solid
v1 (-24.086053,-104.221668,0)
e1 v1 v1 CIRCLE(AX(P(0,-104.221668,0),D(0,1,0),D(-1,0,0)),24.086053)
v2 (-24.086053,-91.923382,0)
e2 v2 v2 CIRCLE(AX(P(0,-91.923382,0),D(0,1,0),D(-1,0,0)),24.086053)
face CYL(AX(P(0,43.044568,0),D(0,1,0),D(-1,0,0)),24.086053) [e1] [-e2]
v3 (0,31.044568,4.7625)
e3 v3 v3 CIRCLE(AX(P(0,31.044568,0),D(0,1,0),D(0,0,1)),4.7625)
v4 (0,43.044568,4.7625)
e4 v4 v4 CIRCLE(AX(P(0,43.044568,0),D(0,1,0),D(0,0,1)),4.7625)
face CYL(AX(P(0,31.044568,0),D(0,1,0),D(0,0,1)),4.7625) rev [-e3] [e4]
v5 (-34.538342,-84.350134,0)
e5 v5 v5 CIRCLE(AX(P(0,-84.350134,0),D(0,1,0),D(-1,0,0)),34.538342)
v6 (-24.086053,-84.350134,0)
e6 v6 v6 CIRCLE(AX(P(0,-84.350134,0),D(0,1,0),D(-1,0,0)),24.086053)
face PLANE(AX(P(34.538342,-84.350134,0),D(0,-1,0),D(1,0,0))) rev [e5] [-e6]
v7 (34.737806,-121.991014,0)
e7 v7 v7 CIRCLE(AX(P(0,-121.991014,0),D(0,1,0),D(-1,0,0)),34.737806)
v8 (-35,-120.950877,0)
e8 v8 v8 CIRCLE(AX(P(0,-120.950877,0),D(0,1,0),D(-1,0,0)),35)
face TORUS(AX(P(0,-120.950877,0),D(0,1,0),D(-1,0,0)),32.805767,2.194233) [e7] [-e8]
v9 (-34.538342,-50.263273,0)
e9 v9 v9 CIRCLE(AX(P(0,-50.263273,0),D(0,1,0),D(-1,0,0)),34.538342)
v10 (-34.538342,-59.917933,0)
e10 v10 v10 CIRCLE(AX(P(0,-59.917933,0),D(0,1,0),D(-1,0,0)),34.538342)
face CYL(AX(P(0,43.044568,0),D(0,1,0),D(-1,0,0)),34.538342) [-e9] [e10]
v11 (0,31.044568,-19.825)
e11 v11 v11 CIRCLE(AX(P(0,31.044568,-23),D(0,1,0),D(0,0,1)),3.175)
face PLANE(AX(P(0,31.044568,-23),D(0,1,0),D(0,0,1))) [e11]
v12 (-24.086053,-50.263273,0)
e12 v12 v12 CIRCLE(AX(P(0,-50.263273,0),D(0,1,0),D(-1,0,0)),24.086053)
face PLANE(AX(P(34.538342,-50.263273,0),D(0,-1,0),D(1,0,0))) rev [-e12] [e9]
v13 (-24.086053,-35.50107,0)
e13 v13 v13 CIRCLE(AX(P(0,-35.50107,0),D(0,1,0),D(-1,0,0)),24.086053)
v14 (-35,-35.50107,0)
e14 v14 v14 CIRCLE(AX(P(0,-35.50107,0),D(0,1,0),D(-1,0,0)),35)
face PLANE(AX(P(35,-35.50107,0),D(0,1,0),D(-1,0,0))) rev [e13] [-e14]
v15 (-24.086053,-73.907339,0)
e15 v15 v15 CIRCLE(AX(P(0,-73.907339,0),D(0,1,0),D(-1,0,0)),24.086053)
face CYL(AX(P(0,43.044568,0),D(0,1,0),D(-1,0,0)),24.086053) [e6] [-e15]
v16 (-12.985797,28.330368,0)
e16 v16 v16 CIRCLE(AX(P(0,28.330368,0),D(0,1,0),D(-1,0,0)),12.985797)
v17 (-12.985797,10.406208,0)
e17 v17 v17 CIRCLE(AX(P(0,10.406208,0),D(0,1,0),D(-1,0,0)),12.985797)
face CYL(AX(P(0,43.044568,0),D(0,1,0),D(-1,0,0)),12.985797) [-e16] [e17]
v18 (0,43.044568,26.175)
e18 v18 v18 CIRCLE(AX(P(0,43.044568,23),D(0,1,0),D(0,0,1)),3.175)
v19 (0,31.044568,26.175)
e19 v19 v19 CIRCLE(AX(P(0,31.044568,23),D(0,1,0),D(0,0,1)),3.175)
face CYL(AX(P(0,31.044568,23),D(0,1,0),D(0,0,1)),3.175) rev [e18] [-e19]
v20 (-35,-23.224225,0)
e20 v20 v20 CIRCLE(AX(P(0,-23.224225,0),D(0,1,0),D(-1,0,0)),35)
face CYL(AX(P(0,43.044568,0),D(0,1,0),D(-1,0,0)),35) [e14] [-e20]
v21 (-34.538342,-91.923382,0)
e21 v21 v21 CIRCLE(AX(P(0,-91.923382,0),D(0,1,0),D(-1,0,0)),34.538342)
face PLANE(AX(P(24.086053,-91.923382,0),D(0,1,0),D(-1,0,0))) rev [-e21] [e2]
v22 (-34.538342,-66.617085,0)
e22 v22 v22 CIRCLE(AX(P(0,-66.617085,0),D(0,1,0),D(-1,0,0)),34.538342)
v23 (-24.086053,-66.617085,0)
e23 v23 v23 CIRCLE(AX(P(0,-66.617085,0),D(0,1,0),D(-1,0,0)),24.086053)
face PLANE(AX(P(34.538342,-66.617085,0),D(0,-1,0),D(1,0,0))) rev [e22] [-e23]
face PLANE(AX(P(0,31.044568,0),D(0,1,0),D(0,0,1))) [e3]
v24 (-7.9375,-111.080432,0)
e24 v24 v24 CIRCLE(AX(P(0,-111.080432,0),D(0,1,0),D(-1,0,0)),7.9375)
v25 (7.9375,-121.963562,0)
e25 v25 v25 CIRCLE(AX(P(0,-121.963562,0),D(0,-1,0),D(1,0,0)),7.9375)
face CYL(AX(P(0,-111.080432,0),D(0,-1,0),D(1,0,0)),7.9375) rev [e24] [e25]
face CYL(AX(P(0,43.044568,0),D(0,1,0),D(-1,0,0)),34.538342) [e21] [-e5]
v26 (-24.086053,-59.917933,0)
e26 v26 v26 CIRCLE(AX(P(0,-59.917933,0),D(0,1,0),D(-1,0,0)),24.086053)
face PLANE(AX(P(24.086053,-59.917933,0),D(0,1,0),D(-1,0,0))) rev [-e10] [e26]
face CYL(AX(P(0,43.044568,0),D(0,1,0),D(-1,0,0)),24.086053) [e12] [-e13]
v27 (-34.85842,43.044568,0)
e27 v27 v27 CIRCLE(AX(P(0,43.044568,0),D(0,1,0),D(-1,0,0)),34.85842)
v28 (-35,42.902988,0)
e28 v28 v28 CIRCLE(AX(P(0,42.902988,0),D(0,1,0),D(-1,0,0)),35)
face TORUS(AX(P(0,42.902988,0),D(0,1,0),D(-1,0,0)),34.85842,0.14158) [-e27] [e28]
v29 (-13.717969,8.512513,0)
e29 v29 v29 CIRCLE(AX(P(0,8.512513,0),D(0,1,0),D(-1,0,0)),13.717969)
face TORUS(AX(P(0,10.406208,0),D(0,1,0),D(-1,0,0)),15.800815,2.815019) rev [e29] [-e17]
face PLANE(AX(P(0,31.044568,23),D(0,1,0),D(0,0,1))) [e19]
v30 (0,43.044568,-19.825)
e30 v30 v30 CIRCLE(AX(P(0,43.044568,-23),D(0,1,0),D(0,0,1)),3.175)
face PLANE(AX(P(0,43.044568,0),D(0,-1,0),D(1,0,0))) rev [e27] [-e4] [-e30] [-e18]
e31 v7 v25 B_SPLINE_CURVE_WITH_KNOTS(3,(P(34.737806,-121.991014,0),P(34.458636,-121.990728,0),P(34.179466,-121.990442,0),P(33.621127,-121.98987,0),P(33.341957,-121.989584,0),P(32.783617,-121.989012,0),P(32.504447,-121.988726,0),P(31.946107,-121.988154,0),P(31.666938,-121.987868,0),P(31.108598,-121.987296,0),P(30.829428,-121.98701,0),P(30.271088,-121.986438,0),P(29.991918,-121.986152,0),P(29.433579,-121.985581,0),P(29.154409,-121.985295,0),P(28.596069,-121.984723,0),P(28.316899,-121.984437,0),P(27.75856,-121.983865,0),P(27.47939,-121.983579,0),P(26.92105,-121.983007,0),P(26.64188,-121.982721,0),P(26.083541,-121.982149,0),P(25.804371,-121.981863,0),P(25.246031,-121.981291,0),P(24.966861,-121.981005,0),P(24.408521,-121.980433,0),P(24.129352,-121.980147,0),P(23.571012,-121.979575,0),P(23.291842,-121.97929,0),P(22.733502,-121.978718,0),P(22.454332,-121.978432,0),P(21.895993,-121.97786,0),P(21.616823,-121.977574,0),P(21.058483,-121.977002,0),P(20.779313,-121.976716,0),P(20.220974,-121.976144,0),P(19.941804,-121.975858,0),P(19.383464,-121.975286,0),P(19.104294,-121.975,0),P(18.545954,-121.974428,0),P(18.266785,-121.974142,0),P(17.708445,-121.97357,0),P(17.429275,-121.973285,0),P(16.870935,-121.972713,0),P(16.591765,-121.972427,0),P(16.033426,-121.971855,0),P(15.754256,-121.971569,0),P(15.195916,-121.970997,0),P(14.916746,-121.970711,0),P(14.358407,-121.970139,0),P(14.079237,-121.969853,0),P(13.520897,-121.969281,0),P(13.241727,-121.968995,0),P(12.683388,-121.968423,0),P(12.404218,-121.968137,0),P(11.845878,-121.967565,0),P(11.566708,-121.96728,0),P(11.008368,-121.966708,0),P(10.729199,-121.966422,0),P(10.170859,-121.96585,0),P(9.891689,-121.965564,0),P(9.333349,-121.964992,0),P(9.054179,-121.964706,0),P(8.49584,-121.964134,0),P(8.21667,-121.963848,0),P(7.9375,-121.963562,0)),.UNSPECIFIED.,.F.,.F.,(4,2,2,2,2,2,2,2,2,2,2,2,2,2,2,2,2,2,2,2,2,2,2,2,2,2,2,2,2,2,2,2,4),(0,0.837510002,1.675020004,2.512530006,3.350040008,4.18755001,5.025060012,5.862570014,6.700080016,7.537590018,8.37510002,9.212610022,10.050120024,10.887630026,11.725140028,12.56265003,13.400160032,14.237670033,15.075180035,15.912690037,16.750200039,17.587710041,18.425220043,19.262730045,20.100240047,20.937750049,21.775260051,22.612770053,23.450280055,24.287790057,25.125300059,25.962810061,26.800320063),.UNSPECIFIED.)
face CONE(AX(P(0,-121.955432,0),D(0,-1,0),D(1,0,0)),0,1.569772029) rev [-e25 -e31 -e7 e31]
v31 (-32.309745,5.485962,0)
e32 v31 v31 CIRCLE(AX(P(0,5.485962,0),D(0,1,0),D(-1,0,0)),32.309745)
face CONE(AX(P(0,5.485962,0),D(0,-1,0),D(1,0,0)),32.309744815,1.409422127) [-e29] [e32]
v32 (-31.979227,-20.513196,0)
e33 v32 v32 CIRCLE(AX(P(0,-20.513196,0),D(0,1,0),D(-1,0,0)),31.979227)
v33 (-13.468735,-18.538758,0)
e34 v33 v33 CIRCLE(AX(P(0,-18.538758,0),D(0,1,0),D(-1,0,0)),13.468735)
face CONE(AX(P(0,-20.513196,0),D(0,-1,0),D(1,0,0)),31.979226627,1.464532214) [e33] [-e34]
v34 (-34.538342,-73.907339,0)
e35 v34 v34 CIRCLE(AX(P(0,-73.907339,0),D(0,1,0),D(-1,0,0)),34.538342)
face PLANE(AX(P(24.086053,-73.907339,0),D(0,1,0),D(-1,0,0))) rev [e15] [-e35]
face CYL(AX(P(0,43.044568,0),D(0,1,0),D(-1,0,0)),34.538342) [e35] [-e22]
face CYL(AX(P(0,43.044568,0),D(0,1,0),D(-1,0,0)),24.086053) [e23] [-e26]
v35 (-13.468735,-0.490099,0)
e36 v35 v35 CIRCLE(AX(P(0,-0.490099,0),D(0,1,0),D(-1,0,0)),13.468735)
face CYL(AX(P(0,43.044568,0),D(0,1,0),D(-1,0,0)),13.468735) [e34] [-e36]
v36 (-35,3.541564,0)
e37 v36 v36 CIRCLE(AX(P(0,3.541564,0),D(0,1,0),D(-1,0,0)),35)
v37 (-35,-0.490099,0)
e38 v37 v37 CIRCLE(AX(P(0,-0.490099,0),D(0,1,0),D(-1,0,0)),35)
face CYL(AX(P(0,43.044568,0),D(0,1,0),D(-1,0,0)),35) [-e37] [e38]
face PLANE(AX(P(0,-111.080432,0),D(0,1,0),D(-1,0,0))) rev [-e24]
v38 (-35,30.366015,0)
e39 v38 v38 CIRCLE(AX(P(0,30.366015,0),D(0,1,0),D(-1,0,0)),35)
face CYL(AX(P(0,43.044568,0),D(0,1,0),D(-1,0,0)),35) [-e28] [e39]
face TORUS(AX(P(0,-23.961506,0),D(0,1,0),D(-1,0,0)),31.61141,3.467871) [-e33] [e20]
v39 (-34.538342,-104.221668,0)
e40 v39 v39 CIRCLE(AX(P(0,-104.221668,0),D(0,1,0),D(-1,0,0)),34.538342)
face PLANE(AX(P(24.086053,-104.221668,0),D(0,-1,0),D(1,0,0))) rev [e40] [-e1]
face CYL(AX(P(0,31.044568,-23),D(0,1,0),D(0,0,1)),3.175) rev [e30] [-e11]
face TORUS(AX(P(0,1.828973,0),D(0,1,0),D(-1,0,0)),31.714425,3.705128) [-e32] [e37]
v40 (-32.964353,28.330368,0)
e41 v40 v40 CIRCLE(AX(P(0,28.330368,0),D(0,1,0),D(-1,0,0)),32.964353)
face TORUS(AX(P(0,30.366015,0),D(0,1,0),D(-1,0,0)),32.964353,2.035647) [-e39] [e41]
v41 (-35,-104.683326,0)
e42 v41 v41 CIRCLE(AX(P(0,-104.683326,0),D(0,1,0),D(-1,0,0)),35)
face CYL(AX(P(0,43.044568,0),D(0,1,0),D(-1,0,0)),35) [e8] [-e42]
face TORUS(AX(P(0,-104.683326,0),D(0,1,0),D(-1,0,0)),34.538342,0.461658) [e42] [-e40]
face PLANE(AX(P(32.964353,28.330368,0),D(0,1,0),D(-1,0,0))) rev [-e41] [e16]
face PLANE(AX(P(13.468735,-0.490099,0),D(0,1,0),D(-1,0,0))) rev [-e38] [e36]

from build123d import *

# Parameters (mm, degrees)
CROQUIS2_R            = 3.175
CORTAR_EXTRUIR2_DEPTH = 12
CROQUIS6_R            = 4.7625
CORTAR_EXTRUIR4_DEPTH = 12
CROQUIS11_R           = 7.9375
CORTAR_EXTRUIR7_DEPTH = 15.875


with BuildPart() as part:
    # Croquis1 → Revolución3 (revolve)
    with BuildSketch(Plane.XY, mode=Mode.PRIVATE) as revoluci_n3_sk:
        with BuildLine():
            Line((0, 43.044568245), (34.858419682, 43.044568245))
            ThreePointArc((34.858419682, 43.044568245), (34.958532085, 43.00310033), (35, 42.902987927))
            Line((35, 42.902987927), (35, 30.36601493))
            ThreePointArc((35, 30.36601493), (34.403772828, 28.926595206), (32.964353105, 28.330368034))
            Line((32.964353105, 28.330368034), (12.985796912, 28.330368034))
            Line((12.985796912, 28.330368034), (12.985796912, 10.406207601))
            ThreePointArc((12.985796912, 10.406207601), (13.175212613, 9.391052882), (13.717969076, 8.512512712))
            Line((13.717969076, 8.512512712), (32.309744815, 5.485961945))
            ThreePointArc((32.309744815, 5.485961945), (33.884795273, 4.831882369), (35, 3.541563627))
            Line((35, 3.541563627), (35, -0.490098714))
            Line((35, -0.490098714), (13.468735488, -0.490098714))
            Line((13.468735488, -0.490098714), (13.468735488, -18.538757946))
            Line((13.468735488, -18.538757946), (31.979226627, -20.513196287))
            ThreePointArc((31.979226627, -20.513196287), (33.927671218, -21.380602851), (35, -23.224224681))
            Line((35, -23.224224681), (35, -35.501069654))
            Line((35, -35.501069654), (24.086053365, -35.501069654))
            Line((24.086053365, -35.501069654), (24.086053365, -50.263273296))
            Line((24.086053365, -50.263273296), (34.538342083, -50.263273296))
            Line((34.538342083, -50.263273296), (34.538342083, -59.917933312))
            Line((34.538342083, -59.917933312), (24.086053365, -59.917933312))
            Line((24.086053365, -59.917933312), (24.086053365, -66.61708516))
            Line((24.086053365, -66.61708516), (34.538342083, -66.61708516))
            Line((34.538342083, -66.61708516), (34.538342083, -73.907338641))
            Line((34.538342083, -73.907338641), (24.086053365, -73.907338641))
            Line((24.086053365, -73.907338641), (24.086053365, -84.350134169))
            Line((24.086053365, -84.350134169), (34.538342083, -84.350134169))
            Line((34.538342083, -84.350134169), (34.538342083, -91.92338166))
            Line((34.538342083, -91.92338166), (24.086053365, -91.92338166))
            Line((24.086053365, -91.92338166), (24.086053365, -104.221668074))
            Line((24.086053365, -104.221668074), (34.538342083, -104.221668074))
            ThreePointArc((34.538342083, -104.221668074), (34.864783527, -104.356884547), (35, -104.683325991))
            Line((35, -104.683325991), (35, -120.950877143))
            ThreePointArc((35, -120.950877143), (34.933442046, -121.487214162), (34.737806004, -121.991013624))
            Line((34.737806004, -121.991013624), (0, -121.955431755))
            Line((0, -121.955431755), (0, 43.044568245))
        make_face()
    revolve(revoluci_n3_sk.sketch.rotate(Axis((0, 43.044568245, 0), (0, -1, 0)), 180), axis=Axis((0, 43.044568245, 0), (0, -1, 0)))

    # Croquis2 → Cortar-Extruir2 (cut)
    with BuildSketch(Plane(origin=(0, 43.044568245, 0), x_dir=(1, 0, 0), z_dir=(0, 1, 0))):
        with Locations(Location((0, 23, 0), (0, 0, 270))):
            Circle(CROQUIS2_R)
        with Locations(Location((0, -23, 0), (0, 0, 270))):
            Circle(CROQUIS2_R)
    extrude(amount=-CORTAR_EXTRUIR2_DEPTH, mode=Mode.SUBTRACT)

    # Croquis6 → Cortar-Extruir4 (cut)
    with BuildSketch(Plane(origin=(0, 43.044568245, 0), x_dir=(1, 0, 0), z_dir=(0, 1, 0))):
        with Locations(Location((0, 0, 0), (0, 0, 270))):
            Circle(CROQUIS6_R)
    extrude(amount=-CORTAR_EXTRUIR4_DEPTH, mode=Mode.SUBTRACT)

    # Croquis11 → Cortar-Extruir7 (cut)
    with BuildSketch(Plane(origin=(0, -126.955431755, 0), x_dir=(1, 0, 0), z_dir=(0, 1, 0))):
        Circle(CROQUIS11_R)
    extrude(amount=CORTAR_EXTRUIR7_DEPTH, mode=Mode.SUBTRACT)


solid = part.part
